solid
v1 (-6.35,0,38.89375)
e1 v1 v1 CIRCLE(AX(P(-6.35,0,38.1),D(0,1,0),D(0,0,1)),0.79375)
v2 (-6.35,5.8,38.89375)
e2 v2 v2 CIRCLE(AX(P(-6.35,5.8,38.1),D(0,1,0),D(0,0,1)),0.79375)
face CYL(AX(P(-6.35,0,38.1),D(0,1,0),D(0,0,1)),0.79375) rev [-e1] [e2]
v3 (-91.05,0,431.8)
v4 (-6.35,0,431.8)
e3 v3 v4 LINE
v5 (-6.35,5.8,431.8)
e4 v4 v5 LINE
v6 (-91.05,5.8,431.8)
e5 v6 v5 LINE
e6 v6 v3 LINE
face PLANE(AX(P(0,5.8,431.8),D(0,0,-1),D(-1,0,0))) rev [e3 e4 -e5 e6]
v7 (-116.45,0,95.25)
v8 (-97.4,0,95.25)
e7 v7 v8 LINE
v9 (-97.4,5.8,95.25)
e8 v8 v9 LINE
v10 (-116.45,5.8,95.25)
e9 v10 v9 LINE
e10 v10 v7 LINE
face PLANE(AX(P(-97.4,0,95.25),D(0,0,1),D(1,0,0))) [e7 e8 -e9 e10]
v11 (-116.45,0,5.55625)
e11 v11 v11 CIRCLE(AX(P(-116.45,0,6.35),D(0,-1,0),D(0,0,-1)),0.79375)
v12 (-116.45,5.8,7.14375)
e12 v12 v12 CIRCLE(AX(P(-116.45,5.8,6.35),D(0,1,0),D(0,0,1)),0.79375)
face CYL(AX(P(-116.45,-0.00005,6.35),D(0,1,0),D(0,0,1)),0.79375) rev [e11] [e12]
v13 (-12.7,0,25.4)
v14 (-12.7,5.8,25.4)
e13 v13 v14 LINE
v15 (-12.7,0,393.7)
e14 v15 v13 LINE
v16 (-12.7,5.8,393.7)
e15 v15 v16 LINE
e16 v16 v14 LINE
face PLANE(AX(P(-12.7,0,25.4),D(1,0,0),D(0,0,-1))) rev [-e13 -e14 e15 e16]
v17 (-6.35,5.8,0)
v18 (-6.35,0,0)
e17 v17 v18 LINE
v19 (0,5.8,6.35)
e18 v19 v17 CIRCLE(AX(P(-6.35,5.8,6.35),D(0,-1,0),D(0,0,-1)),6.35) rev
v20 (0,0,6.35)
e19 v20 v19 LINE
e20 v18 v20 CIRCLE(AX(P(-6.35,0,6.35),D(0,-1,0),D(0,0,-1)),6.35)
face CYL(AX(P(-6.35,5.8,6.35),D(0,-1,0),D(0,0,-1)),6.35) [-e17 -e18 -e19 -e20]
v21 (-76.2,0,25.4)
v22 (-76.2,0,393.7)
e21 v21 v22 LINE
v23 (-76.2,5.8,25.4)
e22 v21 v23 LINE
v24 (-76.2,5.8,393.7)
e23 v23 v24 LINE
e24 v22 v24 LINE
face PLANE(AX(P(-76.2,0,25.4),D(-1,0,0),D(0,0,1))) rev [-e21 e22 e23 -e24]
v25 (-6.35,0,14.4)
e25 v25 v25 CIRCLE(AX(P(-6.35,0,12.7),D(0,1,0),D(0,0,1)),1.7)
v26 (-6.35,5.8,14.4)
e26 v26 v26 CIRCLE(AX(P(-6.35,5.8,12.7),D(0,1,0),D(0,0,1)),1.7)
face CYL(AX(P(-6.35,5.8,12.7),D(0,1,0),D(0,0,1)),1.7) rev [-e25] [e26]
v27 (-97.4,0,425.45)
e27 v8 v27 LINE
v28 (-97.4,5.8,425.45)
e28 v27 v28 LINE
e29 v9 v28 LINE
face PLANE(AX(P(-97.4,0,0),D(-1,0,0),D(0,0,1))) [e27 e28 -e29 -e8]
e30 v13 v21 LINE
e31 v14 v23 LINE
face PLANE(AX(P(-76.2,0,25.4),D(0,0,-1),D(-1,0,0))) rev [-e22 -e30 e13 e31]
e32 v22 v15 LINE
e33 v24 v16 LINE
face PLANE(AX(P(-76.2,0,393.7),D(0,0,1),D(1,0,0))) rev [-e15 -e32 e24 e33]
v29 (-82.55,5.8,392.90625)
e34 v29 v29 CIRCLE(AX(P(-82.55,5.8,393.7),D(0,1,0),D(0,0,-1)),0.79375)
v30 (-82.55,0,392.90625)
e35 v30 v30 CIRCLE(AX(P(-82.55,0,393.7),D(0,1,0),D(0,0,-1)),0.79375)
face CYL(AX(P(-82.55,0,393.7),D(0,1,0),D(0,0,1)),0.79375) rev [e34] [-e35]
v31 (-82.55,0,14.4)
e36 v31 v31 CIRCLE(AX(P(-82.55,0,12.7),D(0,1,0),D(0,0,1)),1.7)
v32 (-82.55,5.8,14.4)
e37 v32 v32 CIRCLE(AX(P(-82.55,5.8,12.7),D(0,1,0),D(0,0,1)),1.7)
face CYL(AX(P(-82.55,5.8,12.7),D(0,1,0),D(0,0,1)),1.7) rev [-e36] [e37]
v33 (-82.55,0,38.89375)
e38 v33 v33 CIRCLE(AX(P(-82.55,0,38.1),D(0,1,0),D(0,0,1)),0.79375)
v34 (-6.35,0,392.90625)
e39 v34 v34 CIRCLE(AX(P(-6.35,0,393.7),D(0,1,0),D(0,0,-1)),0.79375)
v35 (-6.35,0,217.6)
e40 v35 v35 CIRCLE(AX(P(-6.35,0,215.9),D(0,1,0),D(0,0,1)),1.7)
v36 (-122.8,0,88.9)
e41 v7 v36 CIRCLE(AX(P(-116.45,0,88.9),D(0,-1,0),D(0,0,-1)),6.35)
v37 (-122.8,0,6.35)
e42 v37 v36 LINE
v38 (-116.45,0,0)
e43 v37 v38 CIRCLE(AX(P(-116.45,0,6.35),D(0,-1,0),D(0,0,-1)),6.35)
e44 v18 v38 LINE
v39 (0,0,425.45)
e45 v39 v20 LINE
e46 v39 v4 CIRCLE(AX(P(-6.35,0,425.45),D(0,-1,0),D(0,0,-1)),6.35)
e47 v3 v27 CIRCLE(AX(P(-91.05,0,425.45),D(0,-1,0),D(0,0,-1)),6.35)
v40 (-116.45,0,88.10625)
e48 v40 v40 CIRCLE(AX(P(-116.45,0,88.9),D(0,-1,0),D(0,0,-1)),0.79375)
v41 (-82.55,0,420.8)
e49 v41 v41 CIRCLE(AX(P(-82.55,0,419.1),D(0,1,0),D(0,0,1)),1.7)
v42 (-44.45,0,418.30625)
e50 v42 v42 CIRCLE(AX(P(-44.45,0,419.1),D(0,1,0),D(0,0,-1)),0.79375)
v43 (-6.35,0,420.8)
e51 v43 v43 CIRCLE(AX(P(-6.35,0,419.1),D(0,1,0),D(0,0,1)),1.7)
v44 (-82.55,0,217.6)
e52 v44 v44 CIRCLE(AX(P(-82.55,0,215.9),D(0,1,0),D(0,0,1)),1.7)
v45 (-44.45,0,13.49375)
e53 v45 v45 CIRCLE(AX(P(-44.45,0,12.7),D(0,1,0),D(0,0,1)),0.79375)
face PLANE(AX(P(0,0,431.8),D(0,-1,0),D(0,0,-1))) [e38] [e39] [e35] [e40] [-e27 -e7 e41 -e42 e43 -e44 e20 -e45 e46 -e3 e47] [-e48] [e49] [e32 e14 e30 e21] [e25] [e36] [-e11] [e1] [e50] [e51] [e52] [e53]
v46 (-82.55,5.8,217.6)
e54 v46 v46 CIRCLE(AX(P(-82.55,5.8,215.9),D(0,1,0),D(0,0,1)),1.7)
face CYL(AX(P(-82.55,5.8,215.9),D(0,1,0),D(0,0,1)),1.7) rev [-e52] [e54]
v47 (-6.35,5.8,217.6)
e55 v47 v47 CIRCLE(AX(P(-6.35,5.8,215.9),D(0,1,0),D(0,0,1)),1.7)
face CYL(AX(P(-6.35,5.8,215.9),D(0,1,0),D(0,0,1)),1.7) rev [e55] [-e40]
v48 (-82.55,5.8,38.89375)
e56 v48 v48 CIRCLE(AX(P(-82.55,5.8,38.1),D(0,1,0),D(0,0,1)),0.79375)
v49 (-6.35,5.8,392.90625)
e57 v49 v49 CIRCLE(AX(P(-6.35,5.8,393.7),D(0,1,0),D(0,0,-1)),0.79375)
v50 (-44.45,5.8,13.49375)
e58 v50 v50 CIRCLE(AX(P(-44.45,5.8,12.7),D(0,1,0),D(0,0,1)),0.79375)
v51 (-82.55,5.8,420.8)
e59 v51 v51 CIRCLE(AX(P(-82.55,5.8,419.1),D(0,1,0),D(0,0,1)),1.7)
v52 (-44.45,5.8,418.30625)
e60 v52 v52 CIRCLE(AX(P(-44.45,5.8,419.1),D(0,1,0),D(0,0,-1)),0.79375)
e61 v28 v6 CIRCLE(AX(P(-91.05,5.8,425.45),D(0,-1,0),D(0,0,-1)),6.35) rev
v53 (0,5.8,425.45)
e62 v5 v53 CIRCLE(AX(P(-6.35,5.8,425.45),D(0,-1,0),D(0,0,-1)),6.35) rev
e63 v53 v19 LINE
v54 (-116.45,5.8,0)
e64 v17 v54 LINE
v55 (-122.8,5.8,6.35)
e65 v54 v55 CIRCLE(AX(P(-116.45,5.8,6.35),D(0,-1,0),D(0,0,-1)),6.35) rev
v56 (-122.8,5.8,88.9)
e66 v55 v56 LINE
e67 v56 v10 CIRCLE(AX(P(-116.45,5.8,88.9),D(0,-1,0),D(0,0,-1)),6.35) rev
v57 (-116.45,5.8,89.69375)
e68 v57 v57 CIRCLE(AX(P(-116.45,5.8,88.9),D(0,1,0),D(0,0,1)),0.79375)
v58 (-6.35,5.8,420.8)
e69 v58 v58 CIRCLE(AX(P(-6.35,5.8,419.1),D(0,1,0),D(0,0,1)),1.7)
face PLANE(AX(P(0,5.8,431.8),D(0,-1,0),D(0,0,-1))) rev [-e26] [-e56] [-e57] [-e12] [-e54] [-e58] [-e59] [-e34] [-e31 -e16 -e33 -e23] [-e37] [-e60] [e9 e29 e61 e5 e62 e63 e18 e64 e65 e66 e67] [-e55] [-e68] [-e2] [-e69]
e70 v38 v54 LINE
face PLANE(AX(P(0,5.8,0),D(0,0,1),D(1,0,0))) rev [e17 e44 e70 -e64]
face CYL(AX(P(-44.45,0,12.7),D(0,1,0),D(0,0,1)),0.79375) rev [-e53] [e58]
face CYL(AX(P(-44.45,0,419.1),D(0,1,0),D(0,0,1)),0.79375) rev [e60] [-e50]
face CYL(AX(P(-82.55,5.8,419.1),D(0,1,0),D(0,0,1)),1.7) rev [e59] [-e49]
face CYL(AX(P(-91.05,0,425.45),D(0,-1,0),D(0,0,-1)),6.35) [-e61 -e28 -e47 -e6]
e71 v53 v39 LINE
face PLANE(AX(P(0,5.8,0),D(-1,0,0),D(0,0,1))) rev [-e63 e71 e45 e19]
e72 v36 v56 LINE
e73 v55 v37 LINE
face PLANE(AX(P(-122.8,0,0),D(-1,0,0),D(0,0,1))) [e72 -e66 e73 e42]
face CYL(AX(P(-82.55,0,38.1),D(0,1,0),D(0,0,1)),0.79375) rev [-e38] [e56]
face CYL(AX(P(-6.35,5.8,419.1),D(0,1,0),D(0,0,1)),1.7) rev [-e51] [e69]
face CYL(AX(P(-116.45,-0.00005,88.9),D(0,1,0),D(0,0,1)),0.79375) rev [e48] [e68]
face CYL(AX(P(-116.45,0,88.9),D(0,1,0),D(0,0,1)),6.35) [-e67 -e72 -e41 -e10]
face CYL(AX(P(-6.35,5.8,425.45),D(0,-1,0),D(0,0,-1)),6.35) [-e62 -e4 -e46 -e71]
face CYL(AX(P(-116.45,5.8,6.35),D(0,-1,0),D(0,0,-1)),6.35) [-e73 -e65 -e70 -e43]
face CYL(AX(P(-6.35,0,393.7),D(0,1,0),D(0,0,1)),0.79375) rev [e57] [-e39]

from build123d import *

# Parameters (mm, degrees)
SKETCH1_W            = 88.9
SKETCH1_H            = 431.8
BOSS_EXTRUDE1_DEPTH  = 5.8
M3_CLEARANCE_HOLE1_D = 3.4
SKETCH2_W            = 63.5
SKETCH2_H            = 368.3
CUT_EXTRUDE1_DEPTH   = 441.89464728
SKETCH3_W            = 8.5
SKETCH3_H            = 431.8
BOSS_EXTRUDE2_DEPTH  = 5.8
SKETCH7_R            = 0.79375
CUT_EXTRUDE2_DEPTH   = 443.68684191
SKETCH9_W            = 25.4
SKETCH9_H            = 95.25
BOSS_EXTRUDE3_DEPTH  = 5.8
SKETCH10_R           = 0.79375
CUT_EXTRUDE4_DEPTH   = 449.959597291
FILLET1_R            = 6.35


with BuildPart() as part:
    # Sketch1 → Boss-Extrude1 (new body)
    with BuildSketch(Plane(origin=(0, 0, 0), x_dir=(1, 0, 0), z_dir=(0, 1, 0))):
        with Locations((-44.45, -215.9)):
            Rectangle(SKETCH1_W, SKETCH1_H)
    extrude(amount=BOSS_EXTRUDE1_DEPTH)

    # M3 Clearance Hole1 (through all)
    with Locations(Plane(origin=(0, 5.8, 0), x_dir=(-1, 0, 0), z_dir=(0, 1, 0))):
        with Locations((82.55, 12.7), (6.35, 12.7), (6.35, 419.1), (82.55, 419.1), (82.55, 215.9), (6.35, 215.9)):
            Hole(M3_CLEARANCE_HOLE1_D / 2)

    # Sketch2 → Cut-Extrude1 (cut, through all)
    with BuildSketch(Plane(origin=(0, 5.8, 0), x_dir=(1, 0, 0), z_dir=(0, 1, 0))):
        with Locations((-44.45, -209.55)):
            Rectangle(SKETCH2_W, SKETCH2_H)
    extrude(amount=-CUT_EXTRUDE1_DEPTH, mode=Mode.SUBTRACT)

    # Sketch3 → Boss-Extrude2 (add, through all)
    with BuildSketch(Plane(origin=(0, 5.8, 0), x_dir=(-1, 0, 0), z_dir=(0, 1, 0))):
        with Locations((93.15, 215.9)):
            Rectangle(SKETCH3_W, SKETCH3_H)
    extrude(amount=-BOSS_EXTRUDE2_DEPTH)

    # Sketch7 → Cut-Extrude2 (cut, through all)
    with BuildSketch(Plane(origin=(0, 5.8, 0), x_dir=(1, 0, 0), z_dir=(0, 1, 0))):
        with Locations(Location((-44.45, -12.7, 0), (0, 0, 270))):
            Circle(SKETCH7_R)
        with Locations(Location((-82.55, -38.1, 0), (0, 0, 270))):
            Circle(SKETCH7_R)
        with Locations(Location((-6.35, -38.1, 0), (0, 0, 270))):
            Circle(SKETCH7_R)
        with Locations(Location((-6.35, -393.7, 0), (0, 0, 90))):
            Circle(SKETCH7_R)
        with Locations(Location((-82.55, -393.7, 0), (0, 0, 90))):
            Circle(SKETCH7_R)
        with Locations(Location((-44.45, -419.1, 0), (0, 0, 90))):
            Circle(SKETCH7_R)
    extrude(amount=-CUT_EXTRUDE2_DEPTH, mode=Mode.SUBTRACT)

    # Sketch9 → Boss-Extrude3 (add, through all)
    with BuildSketch(Plane(origin=(0, 5.8, 0), x_dir=(1, 0, 0), z_dir=(0, 1, 0))):
        with Locations((-110.1, -47.625)):
            Rectangle(SKETCH9_W, SKETCH9_H)
    extrude(amount=-BOSS_EXTRUDE3_DEPTH)

    # Sketch10 → Cut-Extrude4 (cut, through all)
    with BuildSketch(Plane(origin=(0, 5.8, 0), x_dir=(1, 0, 0), z_dir=(0, 1, 0))):
        with Locations(Location((-116.45, -88.9, 0), (0, 0, 270))):
            Circle(SKETCH10_R)
        with Locations(Location((-116.45, -6.35, 0), (0, 0, 270))):
            Circle(SKETCH10_R)
    extrude(amount=-CUT_EXTRUDE4_DEPTH, mode=Mode.SUBTRACT)

    # Fillet1
    fillet1_edges = [part.edges().sort_by_distance(p)[0] for p in [
        (0, 2.9, 431.8),
        (-97.4, 2.9, 431.8),
        (-122.8, 2.9, 95.25),
        (0, 2.9, 0),
        (-122.8, 2.9, 0),
    ]]
    fillet(fillet1_edges, radius=FILLET1_R)


solid = part.part
